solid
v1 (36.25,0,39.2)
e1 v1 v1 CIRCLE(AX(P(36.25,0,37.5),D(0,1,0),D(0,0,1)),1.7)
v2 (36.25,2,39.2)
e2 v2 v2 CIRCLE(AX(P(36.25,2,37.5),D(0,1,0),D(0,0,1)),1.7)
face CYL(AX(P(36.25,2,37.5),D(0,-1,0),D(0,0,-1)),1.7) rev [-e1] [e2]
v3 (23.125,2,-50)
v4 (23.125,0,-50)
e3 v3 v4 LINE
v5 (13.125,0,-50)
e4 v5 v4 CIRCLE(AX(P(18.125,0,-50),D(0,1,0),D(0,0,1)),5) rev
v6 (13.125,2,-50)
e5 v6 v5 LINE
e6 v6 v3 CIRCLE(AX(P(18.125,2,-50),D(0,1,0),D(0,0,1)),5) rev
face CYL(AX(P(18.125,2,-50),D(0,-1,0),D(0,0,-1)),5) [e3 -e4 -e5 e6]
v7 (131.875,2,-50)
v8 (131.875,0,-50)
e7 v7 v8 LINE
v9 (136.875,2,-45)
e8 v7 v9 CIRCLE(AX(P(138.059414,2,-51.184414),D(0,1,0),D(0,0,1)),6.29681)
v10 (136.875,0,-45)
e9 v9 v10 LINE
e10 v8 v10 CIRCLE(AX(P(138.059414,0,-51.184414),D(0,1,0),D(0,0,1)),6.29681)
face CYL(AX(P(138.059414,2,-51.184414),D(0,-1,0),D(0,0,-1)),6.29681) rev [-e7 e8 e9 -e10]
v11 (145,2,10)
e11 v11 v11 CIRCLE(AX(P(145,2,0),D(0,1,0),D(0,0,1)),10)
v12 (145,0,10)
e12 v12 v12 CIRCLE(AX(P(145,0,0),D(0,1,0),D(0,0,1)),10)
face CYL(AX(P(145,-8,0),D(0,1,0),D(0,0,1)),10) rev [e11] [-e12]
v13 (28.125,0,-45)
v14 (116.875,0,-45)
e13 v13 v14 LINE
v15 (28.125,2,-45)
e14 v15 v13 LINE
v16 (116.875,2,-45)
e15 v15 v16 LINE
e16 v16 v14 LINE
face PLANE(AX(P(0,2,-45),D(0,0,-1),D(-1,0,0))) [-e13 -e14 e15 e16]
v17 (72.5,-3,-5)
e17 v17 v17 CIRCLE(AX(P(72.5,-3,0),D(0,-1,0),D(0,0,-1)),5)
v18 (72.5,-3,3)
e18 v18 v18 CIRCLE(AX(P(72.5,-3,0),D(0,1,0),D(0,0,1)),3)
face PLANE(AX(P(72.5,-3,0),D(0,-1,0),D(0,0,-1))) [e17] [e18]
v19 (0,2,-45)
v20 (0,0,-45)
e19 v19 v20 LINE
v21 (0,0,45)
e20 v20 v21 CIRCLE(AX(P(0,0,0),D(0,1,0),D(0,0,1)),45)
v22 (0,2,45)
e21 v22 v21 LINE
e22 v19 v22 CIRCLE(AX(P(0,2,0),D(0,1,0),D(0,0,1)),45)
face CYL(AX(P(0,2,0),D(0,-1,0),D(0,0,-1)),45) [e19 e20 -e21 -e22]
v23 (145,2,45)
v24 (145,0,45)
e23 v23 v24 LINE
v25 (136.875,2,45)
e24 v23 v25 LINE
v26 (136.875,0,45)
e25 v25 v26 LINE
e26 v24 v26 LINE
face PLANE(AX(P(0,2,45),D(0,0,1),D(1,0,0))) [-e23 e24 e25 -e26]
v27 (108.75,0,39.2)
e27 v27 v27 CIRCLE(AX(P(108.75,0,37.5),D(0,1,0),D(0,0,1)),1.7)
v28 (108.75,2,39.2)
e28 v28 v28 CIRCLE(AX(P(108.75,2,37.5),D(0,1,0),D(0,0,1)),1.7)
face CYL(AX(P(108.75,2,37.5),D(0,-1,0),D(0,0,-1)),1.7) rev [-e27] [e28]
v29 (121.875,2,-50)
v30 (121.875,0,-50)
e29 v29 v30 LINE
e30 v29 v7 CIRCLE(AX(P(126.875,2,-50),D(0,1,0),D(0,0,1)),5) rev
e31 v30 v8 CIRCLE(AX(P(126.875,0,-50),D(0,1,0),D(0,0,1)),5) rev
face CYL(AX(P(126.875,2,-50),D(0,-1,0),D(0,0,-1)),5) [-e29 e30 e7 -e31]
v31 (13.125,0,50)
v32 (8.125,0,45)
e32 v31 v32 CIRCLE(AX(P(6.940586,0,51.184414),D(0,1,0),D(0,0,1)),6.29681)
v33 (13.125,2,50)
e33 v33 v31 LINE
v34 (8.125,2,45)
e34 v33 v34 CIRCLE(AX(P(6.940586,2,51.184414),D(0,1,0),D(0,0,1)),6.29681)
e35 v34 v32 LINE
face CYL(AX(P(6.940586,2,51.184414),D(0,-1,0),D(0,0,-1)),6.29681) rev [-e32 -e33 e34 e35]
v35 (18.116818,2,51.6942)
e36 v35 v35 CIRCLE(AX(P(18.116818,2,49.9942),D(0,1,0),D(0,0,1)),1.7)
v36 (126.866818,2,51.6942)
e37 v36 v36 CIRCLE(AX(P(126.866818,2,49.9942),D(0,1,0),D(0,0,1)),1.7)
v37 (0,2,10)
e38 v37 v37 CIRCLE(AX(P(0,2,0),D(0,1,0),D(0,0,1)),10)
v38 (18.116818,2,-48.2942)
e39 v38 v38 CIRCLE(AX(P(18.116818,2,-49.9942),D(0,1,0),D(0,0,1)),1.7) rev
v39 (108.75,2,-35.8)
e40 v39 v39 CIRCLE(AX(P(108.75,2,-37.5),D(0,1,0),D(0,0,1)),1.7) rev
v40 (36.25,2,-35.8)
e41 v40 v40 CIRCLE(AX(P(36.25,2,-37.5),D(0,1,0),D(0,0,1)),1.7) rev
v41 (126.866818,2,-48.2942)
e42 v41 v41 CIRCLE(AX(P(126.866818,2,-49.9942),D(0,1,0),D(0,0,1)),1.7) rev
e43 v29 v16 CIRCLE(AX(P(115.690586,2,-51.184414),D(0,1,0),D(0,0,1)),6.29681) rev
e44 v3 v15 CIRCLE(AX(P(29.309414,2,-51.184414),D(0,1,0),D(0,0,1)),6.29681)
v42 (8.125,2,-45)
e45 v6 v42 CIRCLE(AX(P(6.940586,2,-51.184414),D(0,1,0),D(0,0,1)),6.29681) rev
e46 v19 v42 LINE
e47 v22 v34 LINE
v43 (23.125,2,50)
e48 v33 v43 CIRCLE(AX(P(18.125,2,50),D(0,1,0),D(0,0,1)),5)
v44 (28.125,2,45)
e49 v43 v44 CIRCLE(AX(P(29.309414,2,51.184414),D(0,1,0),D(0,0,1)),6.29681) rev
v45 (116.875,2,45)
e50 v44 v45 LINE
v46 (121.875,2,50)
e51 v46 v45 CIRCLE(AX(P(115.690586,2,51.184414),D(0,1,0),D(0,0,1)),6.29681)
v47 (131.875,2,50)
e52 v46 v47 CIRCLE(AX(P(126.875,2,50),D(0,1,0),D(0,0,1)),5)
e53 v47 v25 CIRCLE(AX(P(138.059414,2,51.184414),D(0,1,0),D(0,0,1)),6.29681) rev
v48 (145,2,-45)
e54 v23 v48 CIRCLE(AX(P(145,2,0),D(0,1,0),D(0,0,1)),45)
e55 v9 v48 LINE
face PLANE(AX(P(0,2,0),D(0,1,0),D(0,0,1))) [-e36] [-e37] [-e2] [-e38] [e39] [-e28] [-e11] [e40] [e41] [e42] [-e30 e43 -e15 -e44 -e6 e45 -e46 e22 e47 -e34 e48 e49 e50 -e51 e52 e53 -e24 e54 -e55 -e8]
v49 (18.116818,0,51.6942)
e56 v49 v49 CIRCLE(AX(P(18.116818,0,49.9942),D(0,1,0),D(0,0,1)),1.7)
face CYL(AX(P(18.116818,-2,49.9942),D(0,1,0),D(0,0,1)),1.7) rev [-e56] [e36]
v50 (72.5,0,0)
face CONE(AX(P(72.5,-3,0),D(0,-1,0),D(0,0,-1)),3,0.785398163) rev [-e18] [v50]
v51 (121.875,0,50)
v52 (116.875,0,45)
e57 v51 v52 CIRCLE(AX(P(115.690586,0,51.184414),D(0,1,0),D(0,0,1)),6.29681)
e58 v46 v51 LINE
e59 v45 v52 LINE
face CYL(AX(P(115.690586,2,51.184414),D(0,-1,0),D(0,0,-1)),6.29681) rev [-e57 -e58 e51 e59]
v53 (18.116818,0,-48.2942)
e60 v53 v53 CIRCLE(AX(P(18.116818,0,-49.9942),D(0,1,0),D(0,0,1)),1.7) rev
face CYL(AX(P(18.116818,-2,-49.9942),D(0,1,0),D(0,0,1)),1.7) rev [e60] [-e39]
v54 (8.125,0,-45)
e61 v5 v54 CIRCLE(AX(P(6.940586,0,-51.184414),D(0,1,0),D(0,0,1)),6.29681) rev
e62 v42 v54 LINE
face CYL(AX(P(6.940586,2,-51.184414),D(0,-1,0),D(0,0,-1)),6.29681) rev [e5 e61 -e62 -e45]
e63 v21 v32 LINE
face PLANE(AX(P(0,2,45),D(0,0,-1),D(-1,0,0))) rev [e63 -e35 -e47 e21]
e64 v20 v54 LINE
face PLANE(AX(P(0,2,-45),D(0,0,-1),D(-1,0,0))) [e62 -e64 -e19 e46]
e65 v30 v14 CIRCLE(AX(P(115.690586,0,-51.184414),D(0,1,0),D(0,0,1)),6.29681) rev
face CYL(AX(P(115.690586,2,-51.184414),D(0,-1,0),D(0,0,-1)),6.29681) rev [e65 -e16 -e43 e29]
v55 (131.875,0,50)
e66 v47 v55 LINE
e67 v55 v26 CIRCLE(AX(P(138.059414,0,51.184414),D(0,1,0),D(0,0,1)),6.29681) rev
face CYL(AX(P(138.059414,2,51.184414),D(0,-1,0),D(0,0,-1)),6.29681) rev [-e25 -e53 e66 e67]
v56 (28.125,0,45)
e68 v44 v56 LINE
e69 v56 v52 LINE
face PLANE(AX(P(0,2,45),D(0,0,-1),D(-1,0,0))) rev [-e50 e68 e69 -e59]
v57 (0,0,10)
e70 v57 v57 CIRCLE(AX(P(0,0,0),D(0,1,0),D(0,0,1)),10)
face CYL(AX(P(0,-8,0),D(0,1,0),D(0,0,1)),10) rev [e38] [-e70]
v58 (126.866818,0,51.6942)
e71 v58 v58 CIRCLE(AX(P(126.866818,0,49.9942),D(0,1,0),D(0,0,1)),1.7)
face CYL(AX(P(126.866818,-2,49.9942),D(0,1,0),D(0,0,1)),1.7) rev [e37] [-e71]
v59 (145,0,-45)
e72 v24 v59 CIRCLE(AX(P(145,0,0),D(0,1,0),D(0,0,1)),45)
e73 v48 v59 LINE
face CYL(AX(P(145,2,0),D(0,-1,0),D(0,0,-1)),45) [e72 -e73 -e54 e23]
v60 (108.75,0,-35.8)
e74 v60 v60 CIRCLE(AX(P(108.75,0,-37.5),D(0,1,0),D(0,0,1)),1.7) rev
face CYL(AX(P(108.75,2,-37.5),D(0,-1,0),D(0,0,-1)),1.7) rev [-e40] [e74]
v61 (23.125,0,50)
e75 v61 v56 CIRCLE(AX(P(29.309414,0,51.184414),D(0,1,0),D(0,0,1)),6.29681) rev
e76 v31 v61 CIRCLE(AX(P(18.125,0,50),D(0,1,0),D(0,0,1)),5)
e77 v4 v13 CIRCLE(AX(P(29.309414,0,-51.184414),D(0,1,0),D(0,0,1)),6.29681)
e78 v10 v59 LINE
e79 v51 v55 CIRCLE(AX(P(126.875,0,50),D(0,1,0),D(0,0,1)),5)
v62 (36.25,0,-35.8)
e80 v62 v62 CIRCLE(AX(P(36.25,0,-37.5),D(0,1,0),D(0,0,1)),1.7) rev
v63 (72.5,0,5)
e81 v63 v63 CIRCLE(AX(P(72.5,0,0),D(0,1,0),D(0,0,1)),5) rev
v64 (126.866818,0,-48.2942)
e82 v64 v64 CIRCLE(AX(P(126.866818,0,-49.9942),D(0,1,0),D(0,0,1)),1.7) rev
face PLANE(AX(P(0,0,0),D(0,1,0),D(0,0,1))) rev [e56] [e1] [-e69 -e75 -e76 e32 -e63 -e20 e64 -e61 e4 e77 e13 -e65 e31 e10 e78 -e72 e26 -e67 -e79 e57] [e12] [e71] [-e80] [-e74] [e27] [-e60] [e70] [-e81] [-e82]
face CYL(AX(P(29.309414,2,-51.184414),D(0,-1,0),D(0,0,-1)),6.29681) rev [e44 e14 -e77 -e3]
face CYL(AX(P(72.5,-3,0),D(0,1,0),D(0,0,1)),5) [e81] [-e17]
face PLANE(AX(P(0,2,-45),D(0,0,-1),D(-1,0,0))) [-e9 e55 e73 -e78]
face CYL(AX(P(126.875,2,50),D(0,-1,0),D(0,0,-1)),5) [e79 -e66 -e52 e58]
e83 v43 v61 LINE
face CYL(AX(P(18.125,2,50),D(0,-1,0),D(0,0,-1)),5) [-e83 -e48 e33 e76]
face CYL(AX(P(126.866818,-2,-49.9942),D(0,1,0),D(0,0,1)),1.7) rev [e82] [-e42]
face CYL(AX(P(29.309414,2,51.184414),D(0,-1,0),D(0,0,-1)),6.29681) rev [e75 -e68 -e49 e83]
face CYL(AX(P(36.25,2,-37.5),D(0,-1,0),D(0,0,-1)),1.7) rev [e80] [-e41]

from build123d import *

# Parameters (mm, degrees)
SKETCH1_R           = 1.7
BOSS_EXTRUDE1_DEPTH = 2
SKETCH2_R           = 1.7
CUT_EXTRUDE1_DEPTH  = 4
SKETCH5_R           = 10
CUT_EXTRUDE2_DEPTH  = 10
SKETCH7_R           = 5
BOSS_EXTRUDE3_DEPTH = 3


with BuildPart() as part:
    # Sketch1 → Boss-Extrude1 (new body)
    with BuildSketch(Plane(origin=(0, 0, 0), x_dir=(1, 0, 0), z_dir=(0, 1, 0))):
        with BuildLine():
            Line((0, 45), (8.125, 45))
            ThreePointArc((8.125, 45), (11.393102806, 46.731897194), (13.125, 50))
            ThreePointArc((13.125, 50), (18.125, 55), (23.125, 50))
            ThreePointArc((23.125, 50), (24.856897194, 46.731897194), (28.125, 45))
            Line((28.125, 45), (116.875, 45))
            ThreePointArc((116.875, 45), (120.143102806, 46.731897194), (121.875, 50))
            ThreePointArc((121.875, 50), (126.875, 55), (131.875, 50))
            ThreePointArc((131.875, 50), (133.606897194, 46.731897194), (136.875, 45))
            Line((136.875, 45), (145, 45))
            ThreePointArc((145, 45), (190, 0), (145, -45))
            Line((145, -45), (136.875, -45))
            ThreePointArc((136.875, -45), (133.606897194, -46.731897194), (131.875, -50))
            ThreePointArc((131.875, -50), (126.875, -55), (121.875, -50))
            ThreePointArc((121.875, -50), (120.143102806, -46.731897194), (116.875, -45))
            Line((116.875, -45), (28.125, -45))
            ThreePointArc((28.125, -45), (24.856897194, -46.731897194), (23.125, -50))
            ThreePointArc((23.125, -50), (18.125, -55), (13.125, -50))
            ThreePointArc((13.125, -50), (11.393102806, -46.731897194), (8.125, -45))
            Line((8.125, -45), (0, -45))
            ThreePointArc((0, -45), (-45, 0), (0, 45))
        make_face()
        with Locations((108.75, -37.5)):
            Circle(SKETCH1_R, mode=Mode.SUBTRACT)
        with Locations((36.25, -37.5)):
            Circle(SKETCH1_R, mode=Mode.SUBTRACT)
        with Locations((36.25, 37.5)):
            Circle(SKETCH1_R, mode=Mode.SUBTRACT)
        with Locations((108.75, 37.5)):
            Circle(SKETCH1_R, mode=Mode.SUBTRACT)
    extrude(amount=BOSS_EXTRUDE1_DEPTH)

    # Sketch2 → Cut-Extrude1 (cut)
    with BuildSketch(Plane(origin=(0, 2, 0), x_dir=(1, 0, 0), z_dir=(0, 1, 0))):
        with Locations((18.11681751, -49.994200378)):
            Circle(SKETCH2_R)
        with Locations((126.86681751, -49.994200378)):
            Circle(SKETCH2_R)
        with Locations((126.86681751, 49.994200378)):
            Circle(SKETCH2_R)
        with Locations((18.11681751, 49.994200378)):
            Circle(SKETCH2_R)
    extrude(amount=-CUT_EXTRUDE1_DEPTH, mode=Mode.SUBTRACT)

    # Sketch5 → Cut-Extrude2 (cut)
    with BuildSketch(Plane(origin=(0, 2, 0), x_dir=(1, 0, 0), z_dir=(0, 1, 0))):
        Circle(SKETCH5_R)
        with Locations((145, 0)):
            Circle(SKETCH5_R)
    extrude(amount=-CUT_EXTRUDE2_DEPTH, mode=Mode.SUBTRACT)

    # Sketch7 → Boss-Extrude3 (add)
    with BuildSketch(Plane(origin=(0, 0, 0), x_dir=(-1, 0, 0), z_dir=(0, -1, 0))):
        with Locations((-72.5, 0)):
            Circle(SKETCH7_R)
    extrude(amount=BOSS_EXTRUDE3_DEPTH)

    # Sketch9 → Cut-Revolve1 (revolve, cut)
    with BuildSketch(Plane.ZY.offset(-72.5)):
        Polygon((0, 0), (0, -3), (-3, -3), align=None)
    revolve(axis=Axis((72.5, 0, 0), (0, -1, 0)), mode=Mode.SUBTRACT)


solid = part.part
